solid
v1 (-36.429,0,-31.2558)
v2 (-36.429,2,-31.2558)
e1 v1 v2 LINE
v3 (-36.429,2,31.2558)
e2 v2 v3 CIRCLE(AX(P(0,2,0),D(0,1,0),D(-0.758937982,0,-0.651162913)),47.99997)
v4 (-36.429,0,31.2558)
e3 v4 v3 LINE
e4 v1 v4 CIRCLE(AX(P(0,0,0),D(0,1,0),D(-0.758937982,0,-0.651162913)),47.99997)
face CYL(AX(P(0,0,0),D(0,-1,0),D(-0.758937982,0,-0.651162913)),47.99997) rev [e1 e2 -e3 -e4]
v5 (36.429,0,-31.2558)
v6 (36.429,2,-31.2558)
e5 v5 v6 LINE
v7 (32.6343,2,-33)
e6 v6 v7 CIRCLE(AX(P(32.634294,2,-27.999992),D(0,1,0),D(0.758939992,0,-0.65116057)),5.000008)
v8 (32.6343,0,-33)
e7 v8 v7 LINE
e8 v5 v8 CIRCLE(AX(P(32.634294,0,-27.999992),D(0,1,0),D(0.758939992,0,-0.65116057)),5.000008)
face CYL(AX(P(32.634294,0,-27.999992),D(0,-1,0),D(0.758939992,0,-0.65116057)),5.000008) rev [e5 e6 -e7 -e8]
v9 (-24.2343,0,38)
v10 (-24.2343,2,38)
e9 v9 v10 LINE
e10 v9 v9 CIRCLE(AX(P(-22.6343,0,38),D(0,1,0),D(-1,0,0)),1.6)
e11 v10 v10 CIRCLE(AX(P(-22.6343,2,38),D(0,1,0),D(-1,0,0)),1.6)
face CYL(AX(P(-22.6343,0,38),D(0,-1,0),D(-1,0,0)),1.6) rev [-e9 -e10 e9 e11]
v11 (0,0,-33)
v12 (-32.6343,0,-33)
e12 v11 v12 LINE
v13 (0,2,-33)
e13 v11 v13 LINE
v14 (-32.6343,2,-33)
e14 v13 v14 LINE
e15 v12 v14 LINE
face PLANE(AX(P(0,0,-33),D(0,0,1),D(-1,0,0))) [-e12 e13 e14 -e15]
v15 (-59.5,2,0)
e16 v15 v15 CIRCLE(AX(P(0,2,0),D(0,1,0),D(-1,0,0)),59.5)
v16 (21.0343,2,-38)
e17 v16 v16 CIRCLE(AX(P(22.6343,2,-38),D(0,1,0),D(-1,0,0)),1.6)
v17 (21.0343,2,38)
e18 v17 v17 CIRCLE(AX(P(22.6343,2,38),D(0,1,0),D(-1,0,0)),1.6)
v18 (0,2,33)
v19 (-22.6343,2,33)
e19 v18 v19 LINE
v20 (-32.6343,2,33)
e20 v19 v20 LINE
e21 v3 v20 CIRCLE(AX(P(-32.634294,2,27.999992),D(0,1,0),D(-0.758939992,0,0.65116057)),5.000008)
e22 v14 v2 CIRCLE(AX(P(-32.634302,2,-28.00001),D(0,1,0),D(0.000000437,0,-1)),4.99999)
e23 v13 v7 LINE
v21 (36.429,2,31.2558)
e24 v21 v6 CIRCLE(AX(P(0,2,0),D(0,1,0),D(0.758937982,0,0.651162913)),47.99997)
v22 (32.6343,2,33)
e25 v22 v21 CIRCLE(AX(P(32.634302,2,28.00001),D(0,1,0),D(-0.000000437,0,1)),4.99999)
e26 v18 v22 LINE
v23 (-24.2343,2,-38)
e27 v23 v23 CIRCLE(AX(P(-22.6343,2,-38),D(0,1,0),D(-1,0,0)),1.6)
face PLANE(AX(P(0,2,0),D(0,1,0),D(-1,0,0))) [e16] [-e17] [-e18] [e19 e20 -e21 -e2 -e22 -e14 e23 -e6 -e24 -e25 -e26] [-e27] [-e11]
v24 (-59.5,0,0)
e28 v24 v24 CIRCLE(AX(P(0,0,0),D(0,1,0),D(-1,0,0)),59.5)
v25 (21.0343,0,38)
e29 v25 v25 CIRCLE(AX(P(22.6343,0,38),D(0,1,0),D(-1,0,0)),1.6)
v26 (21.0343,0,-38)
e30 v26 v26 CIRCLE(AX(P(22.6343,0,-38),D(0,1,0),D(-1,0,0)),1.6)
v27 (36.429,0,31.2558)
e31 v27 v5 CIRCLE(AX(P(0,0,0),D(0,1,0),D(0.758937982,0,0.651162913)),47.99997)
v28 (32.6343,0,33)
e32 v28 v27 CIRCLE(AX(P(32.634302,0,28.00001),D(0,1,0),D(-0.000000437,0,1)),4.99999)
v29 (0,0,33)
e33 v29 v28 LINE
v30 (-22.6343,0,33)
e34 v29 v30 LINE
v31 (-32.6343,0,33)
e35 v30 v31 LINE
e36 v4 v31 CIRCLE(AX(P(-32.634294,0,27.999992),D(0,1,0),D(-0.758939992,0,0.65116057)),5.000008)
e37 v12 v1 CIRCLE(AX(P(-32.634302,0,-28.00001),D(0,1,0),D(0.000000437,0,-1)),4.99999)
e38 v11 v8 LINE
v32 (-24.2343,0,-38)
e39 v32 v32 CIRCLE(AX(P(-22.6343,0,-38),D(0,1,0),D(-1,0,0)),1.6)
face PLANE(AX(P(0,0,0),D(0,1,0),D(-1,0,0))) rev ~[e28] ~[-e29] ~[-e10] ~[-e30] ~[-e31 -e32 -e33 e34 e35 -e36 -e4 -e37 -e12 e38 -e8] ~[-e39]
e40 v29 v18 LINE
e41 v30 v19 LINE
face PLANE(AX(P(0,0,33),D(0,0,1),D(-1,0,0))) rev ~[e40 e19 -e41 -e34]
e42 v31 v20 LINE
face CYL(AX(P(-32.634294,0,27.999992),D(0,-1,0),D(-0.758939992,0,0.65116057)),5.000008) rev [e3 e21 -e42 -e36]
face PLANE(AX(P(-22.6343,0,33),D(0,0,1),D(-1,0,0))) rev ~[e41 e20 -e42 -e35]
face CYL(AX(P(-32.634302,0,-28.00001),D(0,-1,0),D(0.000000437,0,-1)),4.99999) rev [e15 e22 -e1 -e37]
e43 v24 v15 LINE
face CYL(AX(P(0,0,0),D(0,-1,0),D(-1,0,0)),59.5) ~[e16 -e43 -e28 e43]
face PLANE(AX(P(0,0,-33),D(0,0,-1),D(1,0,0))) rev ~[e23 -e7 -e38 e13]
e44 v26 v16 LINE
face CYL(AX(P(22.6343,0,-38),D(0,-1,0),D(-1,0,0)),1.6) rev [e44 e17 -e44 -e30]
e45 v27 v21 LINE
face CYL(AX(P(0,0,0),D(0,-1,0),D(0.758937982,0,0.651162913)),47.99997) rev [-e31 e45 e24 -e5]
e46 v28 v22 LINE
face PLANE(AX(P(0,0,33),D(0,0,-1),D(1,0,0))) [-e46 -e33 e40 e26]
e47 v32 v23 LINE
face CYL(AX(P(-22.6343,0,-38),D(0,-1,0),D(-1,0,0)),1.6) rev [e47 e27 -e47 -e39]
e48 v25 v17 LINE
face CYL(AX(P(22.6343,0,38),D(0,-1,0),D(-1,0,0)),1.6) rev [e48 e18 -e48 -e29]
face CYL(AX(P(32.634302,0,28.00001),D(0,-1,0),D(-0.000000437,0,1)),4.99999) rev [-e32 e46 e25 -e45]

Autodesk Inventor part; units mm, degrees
ref_plane "YZ Plane" through (0, 0, 0) normal (1, 0, 0) x (0, 1, 0)
ref_plane "XZ Plane" through (0, 0, 0) normal (0, 1, 0) x (-1, 0, 0)
ref_plane "XY Plane" through (0, 0, 0) normal (0, 0, 1) x (1, 0, 0)
sketch "Sketch1" plane through (0, 0, 0) normal (0, 1, 0) x (-1, 0, 0)
  circle A0 centre (0, 0) radius 59.5
  line L0 (0, 33) -> (-32.6343, 33)
  line L1 (0, 33) -> (32.6343, 33)
  line L2 (0, -33) -> (-32.6343, -33)
  line L3 (0, -33) -> (32.6343, -33)
  arc A1 (-36.429, 31.2558) -> (-36.429, -31.2558) centre (0, 0) ccw
  arc A2 (36.429, -31.2558) -> (36.429, 31.2558) centre (0, 0) ccw
  arc A3 (36.429, 31.2558) -> (32.6343, 33) centre (32.6343, 28) ccw
  arc A4 (-32.6343, 33) -> (-36.429, 31.2558) centre (-32.6343, 28) ccw
  arc A5 (-36.429, -31.2558) -> (-32.6343, -33) centre (-32.6343, -28) ccw
  arc A6 (32.6343, -33) -> (36.429, -31.2558) centre (32.6343, -28) ccw
  line L4 (32.6343, 33) -> (22.6343, 33)
  circle A7 centre (22.6343, 38) radius 1.6
  line L5 (0, 0) -> (0, 10.7969)
  line L6 (0, 0) -> (10.7386, 0)
  circle A8 centre (-22.6343, 38) radius 1.6
  circle A9 centre (22.6343, -38) radius 1.6
  circle A10 centre (-22.6343, -38) radius 1.6
  point P0 (-34.8569, 33)
  point P1 (34.8569, 33)
  point P2 (-34.8569, -33)
  point P3 (34.8569, -33)
  dimension "d1" = 119
  dimension "d7" = 5
  dimension "d8" = 10
  dimension "d11" = 3.2
extrude "Extrusion1" add sketch "Sketch1" along normal blind 2
sketch "Sketch2" plane through (0, 0, 0) normal (0, -1, 0) x (1, 0, 0)
  line L0 (1.5, -53.75) -> (1.5, -56.75)
  line L1 (1.5, -56.75) -> (4.5, -56.75)
  line L2 (4.5, -56.75) -> (4.5, -50.75)
  line L3 (4.5, -50.75) -> (1.5, -50.75)
  line L4 (1.5, -50.75) -> (1.5, -53.75)
  line L5 (-1.5, -53.75) -> (-1.5, -56.75)
  line L6 (-1.5, -56.75) -> (-4.5, -56.75)
  line L7 (-1.5, -53.75) -> (-1.5, -53.75)
  line L8 (-1.5, -53.75) -> (-1.5, -50.75)
  line L9 (-1.5, -50.75) -> (-4.5, -50.75)
  line L10 (-4.5, -56.75) -> (-4.5, -50.75)
  line L11 (17.4817, -47.856) -> (14.584, -48.6325)
  line L12 (11.6862, -49.409) -> (8.7884, -50.1854)
  line L13 (12.4626, -52.3067) -> (11.6862, -49.409)
  line L14 (10.3413, -55.981) -> (8.7884, -50.1854)
  line L15 (14.584, -48.6325) -> (15.3604, -51.5303)
  line L16 (19.0346, -53.6516) -> (17.4817, -47.856)
  line L17 (16.1369, -54.4281) -> (19.0346, -53.6516)
  line L18 (15.3604, -51.5303) -> (16.1369, -54.4281)
  line L19 (12.4626, -52.3067) -> (13.2391, -55.2045)
  line L20 (13.2391, -55.2045) -> (10.3413, -55.981)
  line L21 (29.2721, -41.7008) -> (26.674, -43.2008)
  line L22 (24.076, -44.7008) -> (21.4779, -46.2008)
  line L23 (25.576, -47.2989) -> (24.076, -44.7008)
  line L24 (24.4779, -51.3969) -> (21.4779, -46.2008)
  line L25 (26.674, -43.2008) -> (28.174, -45.7989)
  line L26 (32.2721, -46.8969) -> (29.2721, -41.7008)
  line L27 (29.674, -48.3969) -> (32.2721, -46.8969)
  line L28 (28.174, -45.7989) -> (29.674, -48.3969)
  line L29 (25.576, -47.2989) -> (27.076, -49.8969)
  line L30 (27.076, -49.8969) -> (24.4779, -51.3969)
  line L31 (39.0676, -32.7037) -> (36.9463, -34.825)
  line L32 (34.825, -36.9463) -> (32.7037, -39.0676)
  line L33 (36.9463, -39.0676) -> (34.825, -36.9463)
  line L34 (36.9463, -43.3103) -> (32.7037, -39.0676)
  line L35 (36.9463, -34.825) -> (39.0676, -36.9463)
  line L36 (43.3103, -36.9463) -> (39.0676, -32.7037)
  line L37 (41.189, -39.0676) -> (43.3103, -36.9463)
  line L38 (39.0676, -36.9463) -> (41.189, -39.0676)
  line L39 (36.9463, -39.0676) -> (39.0676, -41.189)
  line L40 (39.0676, -41.189) -> (36.9463, -43.3103)
  line L41 (46.2008, -21.4779) -> (44.7008, -24.076)
  line L42 (43.2008, -26.674) -> (41.7008, -29.2721)
  line L43 (45.7989, -28.174) -> (43.2008, -26.674)
  line L44 (46.8969, -32.2721) -> (41.7008, -29.2721)
  line L45 (44.7008, -24.076) -> (47.2989, -25.576)
  line L46 (51.3969, -24.4779) -> (46.2008, -21.4779)
  line L47 (49.8969, -27.076) -> (51.3969, -24.4779)
  line L48 (47.2989, -25.576) -> (49.8969, -27.076)
  line L49 (45.7989, -28.174) -> (48.3969, -29.674)
  line L50 (48.3969, -29.674) -> (46.8969, -32.2721)
  line L51 (50.1854, -8.7884) -> (49.409, -11.6862)
  line L52 (48.6325, -14.584) -> (47.856, -17.4817)
  line L53 (51.5303, -15.3604) -> (48.6325, -14.584)
  line L54 (53.6516, -19.0346) -> (47.856, -17.4817)
  line L55 (49.409, -11.6862) -> (52.3067, -12.4626)
  line L56 (55.981, -10.3413) -> (50.1854, -8.7884)
  line L57 (55.2045, -13.2391) -> (55.981, -10.3413)
  line L58 (52.3067, -12.4626) -> (55.2045, -13.2391)
  line L59 (51.5303, -15.3604) -> (54.4281, -16.1369)
  line L60 (54.4281, -16.1369) -> (53.6516, -19.0346)
  line L61 (50.75, 4.5) -> (50.75, 1.5)
  line L62 (50.75, -1.5) -> (50.75, -4.5)
  line L63 (53.75, -1.5) -> (50.75, -1.5)
  line L64 (56.75, -4.5) -> (50.75, -4.5)
  line L65 (50.75, 1.5) -> (53.75, 1.5)
  line L66 (56.75, 4.5) -> (50.75, 4.5)
  line L67 (56.75, 1.5) -> (56.75, 4.5)
  line L68 (53.75, 1.5) -> (56.75, 1.5)
  line L69 (53.75, -1.5) -> (56.75, -1.5)
  line L70 (56.75, -1.5) -> (56.75, -4.5)
  line L71 (47.856, 17.4817) -> (48.6325, 14.584)
  line L72 (49.409, 11.6862) -> (50.1854, 8.7884)
  line L73 (52.3067, 12.4626) -> (49.409, 11.6862)
  line L74 (55.981, 10.3413) -> (50.1854, 8.7884)
  line L75 (48.6325, 14.584) -> (51.5303, 15.3604)
  line L76 (53.6516, 19.0346) -> (47.856, 17.4817)
  line L77 (54.4281, 16.1369) -> (53.6516, 19.0346)
  line L78 (51.5303, 15.3604) -> (54.4281, 16.1369)
  line L79 (52.3067, 12.4626) -> (55.2045, 13.2391)
  line L80 (55.2045, 13.2391) -> (55.981, 10.3413)
  line L81 (41.7008, 29.2721) -> (43.2008, 26.674)
  line L82 (44.7008, 24.076) -> (46.2008, 21.4779)
  line L83 (47.2989, 25.576) -> (44.7008, 24.076)
  line L84 (51.3969, 24.4779) -> (46.2008, 21.4779)
  line L85 (43.2008, 26.674) -> (45.7989, 28.174)
  line L86 (46.8969, 32.2721) -> (41.7008, 29.2721)
  line L87 (48.3969, 29.674) -> (46.8969, 32.2721)
  line L88 (45.7989, 28.174) -> (48.3969, 29.674)
  line L89 (47.2989, 25.576) -> (49.8969, 27.076)
  line L90 (49.8969, 27.076) -> (51.3969, 24.4779)
  line L91 (32.7037, 39.0676) -> (34.825, 36.9463)
  line L92 (36.9463, 34.825) -> (39.0676, 32.7037)
  line L93 (39.0676, 36.9463) -> (36.9463, 34.825)
  line L94 (43.3103, 36.9463) -> (39.0676, 32.7037)
  line L95 (34.825, 36.9463) -> (36.9463, 39.0676)
  line L96 (36.9463, 43.3103) -> (32.7037, 39.0676)
  line L97 (39.0676, 41.189) -> (36.9463, 43.3103)
  line L98 (36.9463, 39.0676) -> (39.0676, 41.189)
  line L99 (39.0676, 36.9463) -> (41.189, 39.0676)
  line L100 (41.189, 39.0676) -> (43.3103, 36.9463)
  line L101 (21.4779, 46.2008) -> (24.076, 44.7008)
  line L102 (26.674, 43.2008) -> (29.2721, 41.7008)
  line L103 (28.174, 45.7989) -> (26.674, 43.2008)
  line L104 (32.2721, 46.8969) -> (29.2721, 41.7008)
  line L105 (24.076, 44.7008) -> (25.576, 47.2989)
  line L106 (24.4779, 51.3969) -> (21.4779, 46.2008)
  line L107 (27.076, 49.8969) -> (24.4779, 51.3969)
  line L108 (25.576, 47.2989) -> (27.076, 49.8969)
  line L109 (28.174, 45.7989) -> (29.674, 48.3969)
  line L110 (29.674, 48.3969) -> (32.2721, 46.8969)
  line L111 (8.7884, 50.1854) -> (11.6862, 49.409)
  line L112 (14.584, 48.6325) -> (17.4817, 47.856)
  line L113 (15.3604, 51.5303) -> (14.584, 48.6325)
  line L114 (19.0346, 53.6516) -> (17.4817, 47.856)
  line L115 (11.6862, 49.409) -> (12.4626, 52.3067)
  line L116 (10.3413, 55.981) -> (8.7884, 50.1854)
  line L117 (13.2391, 55.2045) -> (10.3413, 55.981)
  line L118 (12.4626, 52.3067) -> (13.2391, 55.2045)
  line L119 (15.3604, 51.5303) -> (16.1369, 54.4281)
  line L120 (16.1369, 54.4281) -> (19.0346, 53.6516)
  line L121 (-4.5, 50.75) -> (-1.5, 50.75)
  line L122 (1.5, 50.75) -> (4.5, 50.75)
  line L123 (1.5, 53.75) -> (1.5, 50.75)
  line L124 (4.5, 56.75) -> (4.5, 50.75)
  line L125 (-1.5, 50.75) -> (-1.5, 53.75)
  line L126 (-4.5, 56.75) -> (-4.5, 50.75)
  line L127 (-1.5, 56.75) -> (-4.5, 56.75)
  line L128 (-1.5, 53.75) -> (-1.5, 56.75)
  line L129 (1.5, 53.75) -> (1.5, 56.75)
  line L130 (1.5, 56.75) -> (4.5, 56.75)
  line L131 (-17.4817, 47.856) -> (-14.584, 48.6325)
  line L132 (-11.6862, 49.409) -> (-8.7884, 50.1854)
  line L133 (-12.4626, 52.3067) -> (-11.6862, 49.409)
  line L134 (-10.3413, 55.981) -> (-8.7884, 50.1854)
  line L135 (-14.584, 48.6325) -> (-15.3604, 51.5303)
  line L136 (-19.0346, 53.6516) -> (-17.4817, 47.856)
  line L137 (-16.1369, 54.4281) -> (-19.0346, 53.6516)
  line L138 (-15.3604, 51.5303) -> (-16.1369, 54.4281)
  line L139 (-12.4626, 52.3067) -> (-13.2391, 55.2045)
  line L140 (-13.2391, 55.2045) -> (-10.3413, 55.981)
  line L141 (-29.2721, 41.7008) -> (-26.674, 43.2008)
  line L142 (-24.076, 44.7008) -> (-21.4779, 46.2008)
  line L143 (-25.576, 47.2989) -> (-24.076, 44.7008)
  line L144 (-24.4779, 51.3969) -> (-21.4779, 46.2008)
  line L145 (-26.674, 43.2008) -> (-28.174, 45.7989)
  line L146 (-32.2721, 46.8969) -> (-29.2721, 41.7008)
  line L147 (-29.674, 48.3969) -> (-32.2721, 46.8969)
  line L148 (-28.174, 45.7989) -> (-29.674, 48.3969)
  line L149 (-25.576, 47.2989) -> (-27.076, 49.8969)
  line L150 (-27.076, 49.8969) -> (-24.4779, 51.3969)
  line L151 (-39.0676, 32.7037) -> (-36.9463, 34.825)
  line L152 (-34.825, 36.9463) -> (-32.7037, 39.0676)
  line L153 (-36.9463, 39.0676) -> (-34.825, 36.9463)
  line L154 (-36.9463, 43.3103) -> (-32.7037, 39.0676)
  line L155 (-36.9463, 34.825) -> (-39.0676, 36.9463)
  line L156 (-43.3103, 36.9463) -> (-39.0676, 32.7037)
  line L157 (-41.189, 39.0676) -> (-43.3103, 36.9463)
  line L158 (-39.0676, 36.9463) -> (-41.189, 39.0676)
  line L159 (-36.9463, 39.0676) -> (-39.0676, 41.189)
  line L160 (-39.0676, 41.189) -> (-36.9463, 43.3103)
  line L161 (-46.2008, 21.4779) -> (-44.7008, 24.076)
  line L162 (-43.2008, 26.674) -> (-41.7008, 29.2721)
  line L163 (-45.7989, 28.174) -> (-43.2008, 26.674)
  line L164 (-46.8969, 32.2721) -> (-41.7008, 29.2721)
  line L165 (-44.7008, 24.076) -> (-47.2989, 25.576)
  line L166 (-51.3969, 24.4779) -> (-46.2008, 21.4779)
  line L167 (-49.8969, 27.076) -> (-51.3969, 24.4779)
  line L168 (-47.2989, 25.576) -> (-49.8969, 27.076)
  line L169 (-45.7989, 28.174) -> (-48.3969, 29.674)
  line L170 (-48.3969, 29.674) -> (-46.8969, 32.2721)
  line L171 (-50.1854, 8.7884) -> (-49.409, 11.6862)
  line L172 (-48.6325, 14.584) -> (-47.856, 17.4817)
  line L173 (-51.5303, 15.3604) -> (-48.6325, 14.584)
  line L174 (-53.6516, 19.0346) -> (-47.856, 17.4817)
  line L175 (-49.409, 11.6862) -> (-52.3067, 12.4626)
  line L176 (-55.981, 10.3413) -> (-50.1854, 8.7884)
  line L177 (-55.2045, 13.2391) -> (-55.981, 10.3413)
  line L178 (-52.3067, 12.4626) -> (-55.2045, 13.2391)
  line L179 (-51.5303, 15.3604) -> (-54.4281, 16.1369)
  line L180 (-54.4281, 16.1369) -> (-53.6516, 19.0346)
  line L181 (-50.75, -4.5) -> (-50.75, -1.5)
  line L182 (-50.75, 1.5) -> (-50.75, 4.5)
  line L183 (-53.75, 1.5) -> (-50.75, 1.5)
  line L184 (-56.75, 4.5) -> (-50.75, 4.5)
  line L185 (-50.75, -1.5) -> (-53.75, -1.5)
  line L186 (-56.75, -4.5) -> (-50.75, -4.5)
  line L187 (-56.75, -1.5) -> (-56.75, -4.5)
  line L188 (-53.75, -1.5) -> (-56.75, -1.5)
  line L189 (-53.75, 1.5) -> (-56.75, 1.5)
  line L190 (-56.75, 1.5) -> (-56.75, 4.5)
  line L191 (-47.856, -17.4817) -> (-48.6325, -14.584)
  line L192 (-49.409, -11.6862) -> (-50.1854, -8.7884)
  line L193 (-52.3067, -12.4626) -> (-49.409, -11.6862)
  line L194 (-55.981, -10.3413) -> (-50.1854, -8.7884)
  line L195 (-48.6325, -14.584) -> (-51.5303, -15.3604)
  line L196 (-53.6516, -19.0346) -> (-47.856, -17.4817)
  line L197 (-54.4281, -16.1369) -> (-53.6516, -19.0346)
  line L198 (-51.5303, -15.3604) -> (-54.4281, -16.1369)
  line L199 (-52.3067, -12.4626) -> (-55.2045, -13.2391)
  line L200 (-55.2045, -13.2391) -> (-55.981, -10.3413)
  line L201 (-41.7008, -29.2721) -> (-43.2008, -26.674)
  line L202 (-44.7008, -24.076) -> (-46.2008, -21.4779)
  line L203 (-47.2989, -25.576) -> (-44.7008, -24.076)
  line L204 (-51.3969, -24.4779) -> (-46.2008, -21.4779)
  line L205 (-43.2008, -26.674) -> (-45.7989, -28.174)
  line L206 (-46.8969, -32.2721) -> (-41.7008, -29.2721)
  line L207 (-48.3969, -29.674) -> (-46.8969, -32.2721)
  line L208 (-45.7989, -28.174) -> (-48.3969, -29.674)
  line L209 (-47.2989, -25.576) -> (-49.8969, -27.076)
  line L210 (-49.8969, -27.076) -> (-51.3969, -24.4779)
  line L211 (-32.7037, -39.0676) -> (-34.825, -36.9463)
  line L212 (-36.9463, -34.825) -> (-39.0676, -32.7037)
  line L213 (-39.0676, -36.9463) -> (-36.9463, -34.825)
  line L214 (-43.3103, -36.9463) -> (-39.0676, -32.7037)
  line L215 (-34.825, -36.9463) -> (-36.9463, -39.0676)
  line L216 (-36.9463, -43.3103) -> (-32.7037, -39.0676)
  line L217 (-39.0676, -41.189) -> (-36.9463, -43.3103)
  line L218 (-36.9463, -39.0676) -> (-39.0676, -41.189)
  line L219 (-39.0676, -36.9463) -> (-41.189, -39.0676)
  line L220 (-41.189, -39.0676) -> (-43.3103, -36.9463)
  line L221 (-21.4779, -46.2008) -> (-24.076, -44.7008)
  line L222 (-26.674, -43.2008) -> (-29.2721, -41.7008)
  line L223 (-28.174, -45.7989) -> (-26.674, -43.2008)
  line L224 (-32.2721, -46.8969) -> (-29.2721, -41.7008)
  line L225 (-24.076, -44.7008) -> (-25.576, -47.2989)
  line L226 (-24.4779, -51.3969) -> (-21.4779, -46.2008)
  line L227 (-27.076, -49.8969) -> (-24.4779, -51.3969)
  line L228 (-25.576, -47.2989) -> (-27.076, -49.8969)
  line L229 (-28.174, -45.7989) -> (-29.674, -48.3969)
  line L230 (-29.674, -48.3969) -> (-32.2721, -46.8969)
  line L231 (-8.7884, -50.1854) -> (-11.6862, -49.409)
  line L232 (-14.584, -48.6325) -> (-17.4817, -47.856)
  line L233 (-15.3604, -51.5303) -> (-14.584, -48.6325)
  line L234 (-19.0346, -53.6516) -> (-17.4817, -47.856)
  line L235 (-11.6862, -49.409) -> (-12.4626, -52.3067)
  line L236 (-10.3413, -55.981) -> (-8.7884, -50.1854)
  line L237 (-13.2391, -55.2045) -> (-10.3413, -55.981)
  line L238 (-12.4626, -52.3067) -> (-13.2391, -55.2045)
  line L239 (-15.3604, -51.5303) -> (-16.1369, -54.4281)
  line L240 (-16.1369, -54.4281) -> (-19.0346, -53.6516)
  line L241 (-32.6343, 33) -> (32.6343, 33) projected
  arc A0 (36.429, 31.2558) -> (32.6343, 33) centre (32.6343, 28) ccw projected
  arc A1 (36.429, -31.2558) -> (36.429, 31.2558) centre (0, 0) ccw projected
  arc A2 (32.6343, -33) -> (36.429, -31.2558) centre (32.6343, -28) ccw projected
  line L242 (32.6343, -33) -> (-32.6343, -33) projected
  arc A3 (-36.429, -31.2558) -> (-32.6343, -33) centre (-32.6343, -28) ccw projected
  arc A4 (-36.429, 31.2558) -> (-36.429, -31.2558) centre (0, 0) ccw projected
  arc A5 (-32.6343, 33) -> (-36.429, 31.2558) centre (-32.6343, 28) ccw projected
  circle A6 centre (-22.6343, -38) radius 1.6 projected
  circle A7 centre (22.6343, -38) radius 1.6 projected
  circle A8 centre (22.6343, 38) radius 1.6 projected
  circle A9 centre (-22.6343, 38) radius 1.6 projected
  circle A10 centre (0, 0) radius 59.5 projected
sketch "Sketch3" plane through (0, 2, 0) normal (0, 1, 0) x (1, 0, 0)
  line L0 (-86.7436, 84.5991) -> (77.9188, 84.5991) construction
  line L1 (77.9188, 84.5991) -> (77.9188, -81.7059) construction
  line L2 (77.9188, -81.7059) -> (-86.7436, -81.7059) construction
  line L3 (-86.7436, -81.7059) -> (-86.7436, 84.5991) construction
  line L4 (32.6343, -33) -> (-32.6343, -33) projected
  arc A0 (-36.429, -31.2558) -> (-32.6343, -33) centre (-32.6343, -28) ccw projected
  arc A1 (-36.429, 31.2558) -> (-36.429, -31.2558) centre (0, 0) ccw projected
  arc A2 (-32.6343, 33) -> (-36.429, 31.2558) centre (-32.6343, 28) ccw projected
  line L5 (-32.6343, 33) -> (32.6343, 33) projected
  arc A3 (36.429, 31.2558) -> (32.6343, 33) centre (32.6343, 28) ccw projected
  arc A4 (36.429, -31.2558) -> (36.429, 31.2558) centre (0, 0) ccw projected
  arc A5 (32.6343, -33) -> (36.429, -31.2558) centre (32.6343, -28) ccw projected
  circle A6 centre (-22.6343, 38) radius 1.6 projected
  circle A7 centre (22.6343, 38) radius 1.6 projected
  circle A8 centre (22.6343, -38) radius 1.6 projected
  circle A9 centre (-22.6343, -38) radius 1.6 projected
  circle A10 centre (0, 0) radius 59.5 projected
decal "Decal1"
properties part number "Light Sensor PCB"
